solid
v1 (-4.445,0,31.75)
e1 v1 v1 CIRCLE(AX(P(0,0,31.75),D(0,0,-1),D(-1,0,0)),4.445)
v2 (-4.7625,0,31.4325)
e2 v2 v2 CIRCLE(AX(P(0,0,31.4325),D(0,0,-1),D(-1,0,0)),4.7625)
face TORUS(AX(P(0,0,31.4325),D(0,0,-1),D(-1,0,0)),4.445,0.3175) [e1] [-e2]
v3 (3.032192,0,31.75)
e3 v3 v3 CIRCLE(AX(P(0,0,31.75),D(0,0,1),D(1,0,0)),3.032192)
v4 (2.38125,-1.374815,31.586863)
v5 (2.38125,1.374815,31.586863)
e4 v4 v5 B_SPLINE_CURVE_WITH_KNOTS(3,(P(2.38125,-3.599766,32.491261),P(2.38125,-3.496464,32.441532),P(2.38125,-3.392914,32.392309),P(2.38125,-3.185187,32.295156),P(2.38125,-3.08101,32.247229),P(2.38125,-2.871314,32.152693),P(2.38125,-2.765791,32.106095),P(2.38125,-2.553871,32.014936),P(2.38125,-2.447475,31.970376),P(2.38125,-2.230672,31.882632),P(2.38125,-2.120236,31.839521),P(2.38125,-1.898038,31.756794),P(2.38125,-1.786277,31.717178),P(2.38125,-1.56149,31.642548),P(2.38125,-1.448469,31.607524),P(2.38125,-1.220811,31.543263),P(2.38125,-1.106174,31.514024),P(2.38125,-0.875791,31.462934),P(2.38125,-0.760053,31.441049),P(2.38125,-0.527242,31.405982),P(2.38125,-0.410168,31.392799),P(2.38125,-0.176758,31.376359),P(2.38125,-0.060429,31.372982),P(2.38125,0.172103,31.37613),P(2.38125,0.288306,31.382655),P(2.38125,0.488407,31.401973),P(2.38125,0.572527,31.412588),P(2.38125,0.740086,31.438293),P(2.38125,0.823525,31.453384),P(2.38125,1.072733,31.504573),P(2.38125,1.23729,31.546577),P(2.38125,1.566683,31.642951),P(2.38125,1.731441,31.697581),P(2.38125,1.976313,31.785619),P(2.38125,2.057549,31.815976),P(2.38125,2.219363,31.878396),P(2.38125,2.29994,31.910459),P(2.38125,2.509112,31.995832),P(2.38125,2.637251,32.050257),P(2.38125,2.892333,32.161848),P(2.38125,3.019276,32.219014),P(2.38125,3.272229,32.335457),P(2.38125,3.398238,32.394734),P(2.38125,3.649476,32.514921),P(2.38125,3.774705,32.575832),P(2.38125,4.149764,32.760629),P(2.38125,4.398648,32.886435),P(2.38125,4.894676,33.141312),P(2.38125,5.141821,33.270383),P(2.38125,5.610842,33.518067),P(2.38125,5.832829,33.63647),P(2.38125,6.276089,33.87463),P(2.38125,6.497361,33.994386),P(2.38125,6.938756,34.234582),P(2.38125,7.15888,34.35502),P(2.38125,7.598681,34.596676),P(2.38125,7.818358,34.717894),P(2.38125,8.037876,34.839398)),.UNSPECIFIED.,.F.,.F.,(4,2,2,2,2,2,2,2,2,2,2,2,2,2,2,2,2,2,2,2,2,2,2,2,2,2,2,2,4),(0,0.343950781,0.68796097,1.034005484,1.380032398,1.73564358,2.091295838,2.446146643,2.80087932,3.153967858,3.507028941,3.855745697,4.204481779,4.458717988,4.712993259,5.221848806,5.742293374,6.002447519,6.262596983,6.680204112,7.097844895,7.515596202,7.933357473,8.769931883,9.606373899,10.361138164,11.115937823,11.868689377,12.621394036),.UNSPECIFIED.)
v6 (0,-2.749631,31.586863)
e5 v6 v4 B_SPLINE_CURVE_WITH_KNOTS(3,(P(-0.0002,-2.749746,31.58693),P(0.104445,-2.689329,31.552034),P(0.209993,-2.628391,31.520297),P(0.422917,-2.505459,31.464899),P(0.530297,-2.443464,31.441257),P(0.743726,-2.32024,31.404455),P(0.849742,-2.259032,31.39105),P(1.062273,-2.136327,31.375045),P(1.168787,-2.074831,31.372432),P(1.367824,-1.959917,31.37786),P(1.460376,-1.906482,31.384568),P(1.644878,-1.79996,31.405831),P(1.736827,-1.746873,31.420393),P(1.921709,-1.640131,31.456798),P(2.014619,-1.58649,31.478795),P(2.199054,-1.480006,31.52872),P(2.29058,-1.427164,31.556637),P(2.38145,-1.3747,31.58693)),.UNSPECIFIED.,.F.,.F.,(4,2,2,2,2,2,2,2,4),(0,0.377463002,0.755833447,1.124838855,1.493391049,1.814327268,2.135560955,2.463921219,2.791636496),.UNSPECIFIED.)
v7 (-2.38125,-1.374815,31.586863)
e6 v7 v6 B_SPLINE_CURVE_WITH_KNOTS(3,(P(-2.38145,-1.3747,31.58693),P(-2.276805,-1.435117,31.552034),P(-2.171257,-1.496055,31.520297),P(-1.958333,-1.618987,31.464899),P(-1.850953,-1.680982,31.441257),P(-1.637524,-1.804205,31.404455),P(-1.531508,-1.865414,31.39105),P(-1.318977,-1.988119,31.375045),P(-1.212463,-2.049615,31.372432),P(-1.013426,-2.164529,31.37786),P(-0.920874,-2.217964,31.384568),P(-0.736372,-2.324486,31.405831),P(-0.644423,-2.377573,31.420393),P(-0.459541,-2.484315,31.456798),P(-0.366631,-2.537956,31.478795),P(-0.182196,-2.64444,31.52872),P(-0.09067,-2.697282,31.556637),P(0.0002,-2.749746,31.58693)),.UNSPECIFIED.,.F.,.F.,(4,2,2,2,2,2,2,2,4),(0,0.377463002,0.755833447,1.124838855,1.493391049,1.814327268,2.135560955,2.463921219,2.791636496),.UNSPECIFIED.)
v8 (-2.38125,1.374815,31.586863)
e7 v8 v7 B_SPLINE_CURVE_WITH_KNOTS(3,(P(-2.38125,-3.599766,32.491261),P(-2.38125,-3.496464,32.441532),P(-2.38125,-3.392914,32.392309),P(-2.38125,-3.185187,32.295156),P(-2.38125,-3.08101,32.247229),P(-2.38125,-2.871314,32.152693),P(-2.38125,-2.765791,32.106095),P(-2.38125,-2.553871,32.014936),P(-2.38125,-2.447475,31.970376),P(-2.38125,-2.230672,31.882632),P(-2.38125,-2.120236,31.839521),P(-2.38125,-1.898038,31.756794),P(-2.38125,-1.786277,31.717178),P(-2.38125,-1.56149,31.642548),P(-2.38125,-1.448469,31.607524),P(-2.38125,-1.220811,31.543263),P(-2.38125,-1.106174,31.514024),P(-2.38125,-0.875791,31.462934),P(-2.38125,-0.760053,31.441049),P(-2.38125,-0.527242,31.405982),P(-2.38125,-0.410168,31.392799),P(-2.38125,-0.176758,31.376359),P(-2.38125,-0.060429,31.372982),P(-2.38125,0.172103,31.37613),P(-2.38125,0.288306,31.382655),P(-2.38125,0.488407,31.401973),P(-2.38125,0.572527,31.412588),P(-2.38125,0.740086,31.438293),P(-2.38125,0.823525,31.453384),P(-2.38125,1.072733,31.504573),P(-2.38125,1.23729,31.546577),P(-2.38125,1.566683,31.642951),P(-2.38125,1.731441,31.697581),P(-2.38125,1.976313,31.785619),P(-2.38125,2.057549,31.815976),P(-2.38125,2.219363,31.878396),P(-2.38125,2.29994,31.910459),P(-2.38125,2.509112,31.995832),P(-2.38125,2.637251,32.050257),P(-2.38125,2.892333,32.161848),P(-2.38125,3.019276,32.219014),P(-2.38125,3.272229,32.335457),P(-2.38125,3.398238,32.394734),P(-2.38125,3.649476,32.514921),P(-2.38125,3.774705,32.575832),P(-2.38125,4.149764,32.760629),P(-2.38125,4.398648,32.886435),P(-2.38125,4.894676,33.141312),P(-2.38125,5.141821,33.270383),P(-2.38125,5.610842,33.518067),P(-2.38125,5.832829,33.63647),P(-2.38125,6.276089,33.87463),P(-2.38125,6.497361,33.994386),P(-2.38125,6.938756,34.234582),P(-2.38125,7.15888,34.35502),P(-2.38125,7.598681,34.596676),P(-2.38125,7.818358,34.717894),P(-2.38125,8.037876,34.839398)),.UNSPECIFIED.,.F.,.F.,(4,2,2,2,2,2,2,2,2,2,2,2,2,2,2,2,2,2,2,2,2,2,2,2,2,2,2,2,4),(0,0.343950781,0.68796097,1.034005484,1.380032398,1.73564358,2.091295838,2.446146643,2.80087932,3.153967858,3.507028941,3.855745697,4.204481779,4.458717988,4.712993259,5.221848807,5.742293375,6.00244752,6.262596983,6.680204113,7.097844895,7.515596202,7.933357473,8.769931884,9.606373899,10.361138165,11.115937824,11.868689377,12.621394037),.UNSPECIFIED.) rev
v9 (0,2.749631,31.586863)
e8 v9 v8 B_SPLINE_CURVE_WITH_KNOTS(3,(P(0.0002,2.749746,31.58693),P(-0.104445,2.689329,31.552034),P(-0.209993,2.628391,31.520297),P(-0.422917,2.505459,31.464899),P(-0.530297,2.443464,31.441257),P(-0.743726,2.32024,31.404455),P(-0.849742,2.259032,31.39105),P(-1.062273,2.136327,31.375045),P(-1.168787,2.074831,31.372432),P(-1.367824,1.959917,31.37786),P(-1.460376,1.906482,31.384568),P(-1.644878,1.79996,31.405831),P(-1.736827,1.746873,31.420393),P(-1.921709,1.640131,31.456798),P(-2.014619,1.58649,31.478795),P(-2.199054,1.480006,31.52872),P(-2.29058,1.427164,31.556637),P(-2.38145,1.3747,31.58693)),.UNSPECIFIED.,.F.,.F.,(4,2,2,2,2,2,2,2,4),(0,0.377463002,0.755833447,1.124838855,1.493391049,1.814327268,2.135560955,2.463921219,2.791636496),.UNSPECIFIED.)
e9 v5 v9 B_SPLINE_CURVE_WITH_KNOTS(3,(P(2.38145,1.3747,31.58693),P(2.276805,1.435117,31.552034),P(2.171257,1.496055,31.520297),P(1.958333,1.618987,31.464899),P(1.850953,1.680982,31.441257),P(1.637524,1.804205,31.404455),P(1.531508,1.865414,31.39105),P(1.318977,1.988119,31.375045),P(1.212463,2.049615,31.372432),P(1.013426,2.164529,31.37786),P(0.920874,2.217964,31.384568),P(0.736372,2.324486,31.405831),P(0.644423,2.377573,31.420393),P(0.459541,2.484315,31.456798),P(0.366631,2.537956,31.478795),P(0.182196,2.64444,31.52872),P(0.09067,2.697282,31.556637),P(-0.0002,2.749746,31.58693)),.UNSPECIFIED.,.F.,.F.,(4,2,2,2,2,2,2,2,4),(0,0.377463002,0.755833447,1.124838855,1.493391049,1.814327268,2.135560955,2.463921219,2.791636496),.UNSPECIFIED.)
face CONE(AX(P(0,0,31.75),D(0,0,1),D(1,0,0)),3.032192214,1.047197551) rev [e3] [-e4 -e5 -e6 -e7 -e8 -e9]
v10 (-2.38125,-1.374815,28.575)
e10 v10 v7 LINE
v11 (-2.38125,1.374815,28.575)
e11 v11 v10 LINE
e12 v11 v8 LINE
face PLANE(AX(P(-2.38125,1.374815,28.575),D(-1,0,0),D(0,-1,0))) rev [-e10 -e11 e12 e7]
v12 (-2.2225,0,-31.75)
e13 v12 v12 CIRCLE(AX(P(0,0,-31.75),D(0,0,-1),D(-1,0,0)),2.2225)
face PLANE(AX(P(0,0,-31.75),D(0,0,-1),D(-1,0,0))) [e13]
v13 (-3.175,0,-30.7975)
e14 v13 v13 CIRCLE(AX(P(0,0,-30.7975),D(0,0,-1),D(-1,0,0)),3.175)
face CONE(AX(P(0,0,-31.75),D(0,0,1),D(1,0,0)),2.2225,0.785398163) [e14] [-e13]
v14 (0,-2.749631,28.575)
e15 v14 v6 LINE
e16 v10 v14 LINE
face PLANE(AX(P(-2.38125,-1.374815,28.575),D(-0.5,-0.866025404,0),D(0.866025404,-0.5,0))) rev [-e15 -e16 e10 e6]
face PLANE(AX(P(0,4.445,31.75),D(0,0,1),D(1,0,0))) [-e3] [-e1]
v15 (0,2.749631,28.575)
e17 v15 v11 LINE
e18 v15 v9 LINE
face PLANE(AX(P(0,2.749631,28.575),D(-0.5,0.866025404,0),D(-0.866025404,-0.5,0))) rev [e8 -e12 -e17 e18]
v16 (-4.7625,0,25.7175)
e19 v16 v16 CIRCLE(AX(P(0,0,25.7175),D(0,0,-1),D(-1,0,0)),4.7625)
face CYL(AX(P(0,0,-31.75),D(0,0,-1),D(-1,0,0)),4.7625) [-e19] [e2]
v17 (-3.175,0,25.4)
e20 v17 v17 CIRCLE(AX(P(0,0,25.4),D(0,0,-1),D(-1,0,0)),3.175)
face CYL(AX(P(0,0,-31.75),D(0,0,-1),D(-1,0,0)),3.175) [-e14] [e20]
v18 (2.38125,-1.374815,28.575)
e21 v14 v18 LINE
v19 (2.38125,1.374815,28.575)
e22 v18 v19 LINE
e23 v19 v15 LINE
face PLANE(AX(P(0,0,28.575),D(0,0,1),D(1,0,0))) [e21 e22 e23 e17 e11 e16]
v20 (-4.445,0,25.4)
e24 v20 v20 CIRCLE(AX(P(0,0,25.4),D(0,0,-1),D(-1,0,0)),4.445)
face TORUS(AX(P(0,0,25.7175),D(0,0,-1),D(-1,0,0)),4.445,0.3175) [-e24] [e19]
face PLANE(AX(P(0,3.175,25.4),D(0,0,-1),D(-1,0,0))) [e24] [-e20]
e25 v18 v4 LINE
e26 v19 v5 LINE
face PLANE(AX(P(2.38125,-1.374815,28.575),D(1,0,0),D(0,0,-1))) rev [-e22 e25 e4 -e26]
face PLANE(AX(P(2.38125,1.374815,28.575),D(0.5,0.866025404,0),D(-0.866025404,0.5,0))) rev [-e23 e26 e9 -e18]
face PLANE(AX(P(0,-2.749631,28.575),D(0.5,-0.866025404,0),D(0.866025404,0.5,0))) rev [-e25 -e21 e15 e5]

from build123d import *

# Parameters (mm, degrees)
CUT_EXTRUDE1_START = 31.75
CUT_EXTRUDE1_DEPTH = 3.175


with BuildPart() as part:
    # Sketch2 → Revolve1 (revolve)
    with BuildSketch(Plane(origin=(0, 0, 0), x_dir=(0, 0, -1), z_dir=(1, 0, 0)), mode=Mode.PRIVATE) as revolve1_sk:
        with BuildLine():
            Line((31.75, 0), (31.75, 2.2225))
            Line((31.75, 2.2225), (30.7975, 3.175))
            Line((30.7975, 3.175), (-25.4, 3.175))
            Line((-25.4, 3.175), (-25.4, 4.445))
            ThreePointArc((-25.4, 4.445), (-25.492993597, 4.669506403), (-25.7175, 4.7625))
            Line((-25.7175, 4.7625), (-31.4325, 4.7625))
            ThreePointArc((-31.4325, 4.7625), (-31.657006403, 4.669506403), (-31.75, 4.445))
            Line((-31.75, 4.445), (-31.75, 0))
            Line((-31.75, 0), (31.75, 0))
        make_face()
    revolve(revolve1_sk.sketch.rotate(Axis((0, 0, -31.75), (0, 0, 1)), 90), axis=Axis((0, 0, -31.75), (0, 0, 1)))

    # Sketch3 → Cut-Extrude1 (cut)
    with BuildSketch(Plane.XY.offset(CUT_EXTRUDE1_START)):
        Polygon((-2.38125, 1.374815329), (-2.38125, -1.374815329), (0, -2.749630657), (2.38125, -1.374815329), (2.38125, 1.374815329), (0, 2.749630657), align=None)
    extrude(amount=-CUT_EXTRUDE1_DEPTH, mode=Mode.SUBTRACT)

    # Cut-Extrude2 cone 1 section (through the dimple's axis) → Cut-Extrude2 (revolve, cut)
    with BuildSketch(Plane(origin=(0, 0, 31.75), x_dir=(0, -1, 0), z_dir=(1, 0, 0))):
        Polygon((0, 0), (3.032192214, 0), (0, 1.750636991), align=None)
    revolve(axis=Axis((0, 0, 31.75), (0, 0, -1)), mode=Mode.SUBTRACT)


solid = part.part
